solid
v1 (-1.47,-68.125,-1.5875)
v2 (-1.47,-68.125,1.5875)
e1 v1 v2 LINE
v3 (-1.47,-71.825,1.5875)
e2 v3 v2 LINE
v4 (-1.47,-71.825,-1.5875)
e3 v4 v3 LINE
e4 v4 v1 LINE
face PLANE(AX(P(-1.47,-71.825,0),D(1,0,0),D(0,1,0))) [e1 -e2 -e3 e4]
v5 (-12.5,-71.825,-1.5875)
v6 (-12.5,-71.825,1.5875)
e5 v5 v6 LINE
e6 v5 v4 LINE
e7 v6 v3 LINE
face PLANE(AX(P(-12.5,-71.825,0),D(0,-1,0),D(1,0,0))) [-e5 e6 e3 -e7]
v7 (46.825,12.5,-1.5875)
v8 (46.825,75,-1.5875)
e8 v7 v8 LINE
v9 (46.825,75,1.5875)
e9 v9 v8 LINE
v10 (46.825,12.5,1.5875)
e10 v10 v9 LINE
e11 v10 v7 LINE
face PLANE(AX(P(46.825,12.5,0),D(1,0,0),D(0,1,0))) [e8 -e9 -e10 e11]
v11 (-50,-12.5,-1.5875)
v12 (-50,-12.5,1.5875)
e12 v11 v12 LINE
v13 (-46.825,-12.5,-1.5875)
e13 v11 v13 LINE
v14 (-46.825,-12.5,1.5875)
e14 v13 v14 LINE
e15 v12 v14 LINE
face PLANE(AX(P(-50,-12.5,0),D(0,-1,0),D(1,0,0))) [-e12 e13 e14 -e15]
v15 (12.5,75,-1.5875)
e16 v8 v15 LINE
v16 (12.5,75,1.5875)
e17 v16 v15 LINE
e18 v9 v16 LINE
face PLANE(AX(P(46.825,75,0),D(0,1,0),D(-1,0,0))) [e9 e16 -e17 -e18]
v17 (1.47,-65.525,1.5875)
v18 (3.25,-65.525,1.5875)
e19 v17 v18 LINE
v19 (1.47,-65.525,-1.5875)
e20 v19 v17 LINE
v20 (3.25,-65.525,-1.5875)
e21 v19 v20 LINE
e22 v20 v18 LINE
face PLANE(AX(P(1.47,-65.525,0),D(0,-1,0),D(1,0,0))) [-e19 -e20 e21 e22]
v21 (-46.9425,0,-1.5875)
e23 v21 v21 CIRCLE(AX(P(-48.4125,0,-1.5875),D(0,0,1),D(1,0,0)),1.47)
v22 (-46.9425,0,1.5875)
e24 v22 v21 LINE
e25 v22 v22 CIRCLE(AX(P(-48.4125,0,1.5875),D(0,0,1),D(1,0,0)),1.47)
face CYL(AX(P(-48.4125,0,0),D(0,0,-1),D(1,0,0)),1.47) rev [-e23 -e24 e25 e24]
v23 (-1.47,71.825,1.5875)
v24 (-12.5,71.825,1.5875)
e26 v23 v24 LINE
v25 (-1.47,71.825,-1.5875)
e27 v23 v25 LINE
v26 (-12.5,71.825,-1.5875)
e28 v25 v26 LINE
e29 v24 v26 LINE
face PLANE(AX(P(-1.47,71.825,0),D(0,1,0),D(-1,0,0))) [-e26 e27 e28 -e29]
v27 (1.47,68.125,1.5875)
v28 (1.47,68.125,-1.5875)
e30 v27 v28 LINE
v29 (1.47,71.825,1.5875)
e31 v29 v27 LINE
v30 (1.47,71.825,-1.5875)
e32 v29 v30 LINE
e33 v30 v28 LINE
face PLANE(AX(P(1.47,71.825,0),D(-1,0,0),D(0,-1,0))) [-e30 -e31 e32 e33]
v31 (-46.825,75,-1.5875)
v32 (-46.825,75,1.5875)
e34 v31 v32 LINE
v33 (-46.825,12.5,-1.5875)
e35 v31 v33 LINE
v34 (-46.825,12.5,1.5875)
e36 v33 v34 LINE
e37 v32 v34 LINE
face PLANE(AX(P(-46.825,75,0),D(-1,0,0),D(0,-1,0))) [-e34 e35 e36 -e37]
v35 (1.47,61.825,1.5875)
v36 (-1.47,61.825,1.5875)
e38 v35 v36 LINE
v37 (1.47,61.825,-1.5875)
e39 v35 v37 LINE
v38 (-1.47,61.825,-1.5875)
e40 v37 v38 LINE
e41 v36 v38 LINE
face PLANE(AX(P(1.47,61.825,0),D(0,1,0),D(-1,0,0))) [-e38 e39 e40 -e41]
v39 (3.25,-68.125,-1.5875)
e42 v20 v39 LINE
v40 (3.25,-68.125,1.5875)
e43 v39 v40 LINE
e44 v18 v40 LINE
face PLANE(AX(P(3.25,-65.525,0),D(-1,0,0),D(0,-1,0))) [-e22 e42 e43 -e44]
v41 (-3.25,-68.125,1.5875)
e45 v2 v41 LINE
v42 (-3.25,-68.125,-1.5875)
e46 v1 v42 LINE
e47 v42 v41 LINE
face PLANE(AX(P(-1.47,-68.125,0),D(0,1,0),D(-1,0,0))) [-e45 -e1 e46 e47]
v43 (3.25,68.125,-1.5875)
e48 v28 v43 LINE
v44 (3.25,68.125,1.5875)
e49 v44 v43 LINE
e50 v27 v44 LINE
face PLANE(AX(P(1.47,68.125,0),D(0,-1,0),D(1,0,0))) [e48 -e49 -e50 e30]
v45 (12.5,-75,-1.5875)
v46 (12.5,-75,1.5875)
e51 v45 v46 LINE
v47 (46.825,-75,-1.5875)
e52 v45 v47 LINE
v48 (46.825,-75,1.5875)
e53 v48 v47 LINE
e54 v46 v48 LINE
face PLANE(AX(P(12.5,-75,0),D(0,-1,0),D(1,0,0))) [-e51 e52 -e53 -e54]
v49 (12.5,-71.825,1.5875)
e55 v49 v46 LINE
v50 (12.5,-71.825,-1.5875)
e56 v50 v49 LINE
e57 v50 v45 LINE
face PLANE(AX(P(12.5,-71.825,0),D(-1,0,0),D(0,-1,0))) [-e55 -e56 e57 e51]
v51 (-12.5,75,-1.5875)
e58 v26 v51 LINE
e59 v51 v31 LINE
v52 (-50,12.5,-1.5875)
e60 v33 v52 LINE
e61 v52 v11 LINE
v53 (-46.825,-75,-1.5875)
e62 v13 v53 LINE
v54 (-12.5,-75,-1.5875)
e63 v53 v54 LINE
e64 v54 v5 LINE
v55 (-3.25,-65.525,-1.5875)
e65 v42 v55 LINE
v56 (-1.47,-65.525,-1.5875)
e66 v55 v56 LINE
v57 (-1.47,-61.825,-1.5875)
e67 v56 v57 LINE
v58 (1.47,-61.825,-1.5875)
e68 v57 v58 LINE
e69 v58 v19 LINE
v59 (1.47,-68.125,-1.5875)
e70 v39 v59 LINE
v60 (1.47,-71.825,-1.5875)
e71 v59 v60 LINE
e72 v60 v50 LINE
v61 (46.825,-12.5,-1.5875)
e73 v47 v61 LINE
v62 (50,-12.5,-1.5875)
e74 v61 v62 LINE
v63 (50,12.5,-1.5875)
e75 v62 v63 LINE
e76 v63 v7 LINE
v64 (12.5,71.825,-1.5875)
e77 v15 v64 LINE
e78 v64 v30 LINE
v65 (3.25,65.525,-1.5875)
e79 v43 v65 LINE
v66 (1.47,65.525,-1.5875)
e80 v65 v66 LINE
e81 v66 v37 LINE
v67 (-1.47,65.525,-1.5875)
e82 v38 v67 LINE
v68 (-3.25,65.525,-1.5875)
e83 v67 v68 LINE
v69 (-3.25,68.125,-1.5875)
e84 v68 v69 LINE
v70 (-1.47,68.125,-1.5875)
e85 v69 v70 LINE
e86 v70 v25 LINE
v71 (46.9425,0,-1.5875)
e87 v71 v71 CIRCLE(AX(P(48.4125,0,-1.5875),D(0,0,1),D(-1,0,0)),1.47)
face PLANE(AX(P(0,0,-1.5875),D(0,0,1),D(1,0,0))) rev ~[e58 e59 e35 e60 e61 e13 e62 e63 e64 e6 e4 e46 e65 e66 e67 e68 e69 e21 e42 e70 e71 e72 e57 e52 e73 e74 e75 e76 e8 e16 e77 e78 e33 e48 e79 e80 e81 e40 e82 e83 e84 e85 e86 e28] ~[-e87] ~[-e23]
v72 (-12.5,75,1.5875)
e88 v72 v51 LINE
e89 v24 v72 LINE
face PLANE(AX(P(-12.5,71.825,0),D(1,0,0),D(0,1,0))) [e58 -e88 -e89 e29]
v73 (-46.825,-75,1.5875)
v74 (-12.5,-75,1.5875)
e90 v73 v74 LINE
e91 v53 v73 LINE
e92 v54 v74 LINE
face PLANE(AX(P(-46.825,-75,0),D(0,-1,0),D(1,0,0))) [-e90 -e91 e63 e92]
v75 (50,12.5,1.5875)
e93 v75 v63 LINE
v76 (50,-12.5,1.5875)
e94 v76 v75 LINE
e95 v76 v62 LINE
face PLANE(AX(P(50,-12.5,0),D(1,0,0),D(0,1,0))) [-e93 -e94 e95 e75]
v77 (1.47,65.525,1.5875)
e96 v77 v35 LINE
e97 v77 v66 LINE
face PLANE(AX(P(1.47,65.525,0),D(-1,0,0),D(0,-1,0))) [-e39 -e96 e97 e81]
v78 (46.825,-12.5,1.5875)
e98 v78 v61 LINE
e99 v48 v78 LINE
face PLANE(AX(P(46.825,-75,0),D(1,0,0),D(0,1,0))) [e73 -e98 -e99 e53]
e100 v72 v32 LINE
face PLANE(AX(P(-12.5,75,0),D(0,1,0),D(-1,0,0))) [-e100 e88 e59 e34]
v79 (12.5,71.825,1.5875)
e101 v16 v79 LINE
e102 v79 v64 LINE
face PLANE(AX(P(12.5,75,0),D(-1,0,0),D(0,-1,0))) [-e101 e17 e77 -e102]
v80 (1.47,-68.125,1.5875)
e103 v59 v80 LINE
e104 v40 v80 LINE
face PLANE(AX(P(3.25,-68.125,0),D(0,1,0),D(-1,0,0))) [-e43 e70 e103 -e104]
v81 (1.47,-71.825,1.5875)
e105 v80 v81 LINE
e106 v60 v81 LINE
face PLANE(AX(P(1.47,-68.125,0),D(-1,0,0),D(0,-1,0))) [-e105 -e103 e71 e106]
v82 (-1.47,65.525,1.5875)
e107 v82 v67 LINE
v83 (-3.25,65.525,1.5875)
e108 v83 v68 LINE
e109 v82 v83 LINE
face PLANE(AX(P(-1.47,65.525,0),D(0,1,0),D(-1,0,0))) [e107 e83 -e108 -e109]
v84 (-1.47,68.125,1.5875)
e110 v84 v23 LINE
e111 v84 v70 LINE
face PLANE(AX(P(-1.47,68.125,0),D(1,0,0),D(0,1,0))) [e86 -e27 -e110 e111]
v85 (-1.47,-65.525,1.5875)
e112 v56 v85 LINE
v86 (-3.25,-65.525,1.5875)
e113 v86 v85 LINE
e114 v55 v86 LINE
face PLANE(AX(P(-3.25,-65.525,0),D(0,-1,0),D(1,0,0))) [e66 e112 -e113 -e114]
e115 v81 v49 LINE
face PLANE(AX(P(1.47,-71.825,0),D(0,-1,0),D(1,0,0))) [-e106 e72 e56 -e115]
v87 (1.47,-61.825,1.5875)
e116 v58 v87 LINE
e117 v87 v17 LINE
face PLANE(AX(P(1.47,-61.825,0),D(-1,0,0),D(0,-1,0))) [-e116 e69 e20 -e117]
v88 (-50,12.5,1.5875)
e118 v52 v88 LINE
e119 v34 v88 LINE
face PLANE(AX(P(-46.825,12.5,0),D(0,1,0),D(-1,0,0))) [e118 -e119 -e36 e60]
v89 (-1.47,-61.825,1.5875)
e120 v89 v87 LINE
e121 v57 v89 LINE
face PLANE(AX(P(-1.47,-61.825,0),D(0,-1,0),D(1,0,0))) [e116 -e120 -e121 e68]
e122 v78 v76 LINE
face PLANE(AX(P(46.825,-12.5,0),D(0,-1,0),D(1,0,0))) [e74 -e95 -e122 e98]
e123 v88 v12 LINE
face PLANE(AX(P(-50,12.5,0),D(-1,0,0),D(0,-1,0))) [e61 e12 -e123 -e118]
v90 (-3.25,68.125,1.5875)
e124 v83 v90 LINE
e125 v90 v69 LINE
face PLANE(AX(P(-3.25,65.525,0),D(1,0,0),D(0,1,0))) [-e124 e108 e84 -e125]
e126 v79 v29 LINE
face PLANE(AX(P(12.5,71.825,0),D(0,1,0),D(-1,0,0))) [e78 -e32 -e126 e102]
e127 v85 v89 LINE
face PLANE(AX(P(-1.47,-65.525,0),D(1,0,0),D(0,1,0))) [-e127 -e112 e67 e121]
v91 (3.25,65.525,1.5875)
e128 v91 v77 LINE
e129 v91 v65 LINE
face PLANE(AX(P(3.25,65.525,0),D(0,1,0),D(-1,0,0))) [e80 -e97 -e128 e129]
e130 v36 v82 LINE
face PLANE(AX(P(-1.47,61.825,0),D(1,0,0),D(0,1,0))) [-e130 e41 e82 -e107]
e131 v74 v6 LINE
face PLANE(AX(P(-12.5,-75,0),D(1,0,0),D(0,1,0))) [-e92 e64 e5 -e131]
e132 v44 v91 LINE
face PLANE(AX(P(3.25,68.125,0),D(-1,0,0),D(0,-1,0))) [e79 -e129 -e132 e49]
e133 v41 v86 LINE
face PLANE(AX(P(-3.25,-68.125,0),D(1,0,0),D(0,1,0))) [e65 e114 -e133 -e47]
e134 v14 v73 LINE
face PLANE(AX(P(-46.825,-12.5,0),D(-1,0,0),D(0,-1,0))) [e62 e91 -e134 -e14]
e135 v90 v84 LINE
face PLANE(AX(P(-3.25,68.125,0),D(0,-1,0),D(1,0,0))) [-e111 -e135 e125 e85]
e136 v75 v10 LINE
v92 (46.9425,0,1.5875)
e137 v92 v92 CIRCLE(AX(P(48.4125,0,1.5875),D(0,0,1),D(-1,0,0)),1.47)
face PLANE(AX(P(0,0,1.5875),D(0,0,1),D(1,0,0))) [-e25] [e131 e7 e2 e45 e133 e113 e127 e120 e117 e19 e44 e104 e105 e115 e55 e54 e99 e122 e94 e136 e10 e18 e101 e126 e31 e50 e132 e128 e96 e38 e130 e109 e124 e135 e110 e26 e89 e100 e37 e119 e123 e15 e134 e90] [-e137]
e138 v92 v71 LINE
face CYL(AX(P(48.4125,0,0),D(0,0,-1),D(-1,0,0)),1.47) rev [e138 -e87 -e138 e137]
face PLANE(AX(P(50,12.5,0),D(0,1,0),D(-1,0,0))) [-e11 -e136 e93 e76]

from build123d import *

# Parameters (mm, degrees)
SKETCH1_R           = 1.47
BOSS_EXTRUDE1_DEPTH = 1.5875


with BuildPart() as part:
    # Sketch1 → Boss-Extrude1 (new, symmetric)
    with BuildSketch(Plane.XY):
        Polygon((-12.5, 75), (-46.825, 75), (-46.825, 12.5), (-50, 12.5), (-50, -12.5), (-46.825, -12.5), (-46.825, -75), (-12.5, -75), (-12.5, -71.825), (-1.47, -71.825), (-1.47, -68.125), (-3.25, -68.125), (-3.25, -65.525), (-1.47, -65.525), (-1.47, -61.825), (1.47, -61.825), (1.47, -65.525), (3.25, -65.525), (3.25, -68.125), (1.47, -68.125), (1.47, -71.825), (12.5, -71.825), (12.5, -75), (46.825, -75), (46.825, -12.5), (50, -12.5), (50, 12.5), (46.825, 12.5), (46.825, 75), (12.5, 75), (12.5, 71.825), (1.47, 71.825), (1.47, 68.125), (3.25, 68.125), (3.25, 65.525), (1.47, 65.525), (1.47, 61.825), (-1.47, 61.825), (-1.47, 65.525), (-3.25, 65.525), (-3.25, 68.125), (-1.47, 68.125), (-1.47, 71.825), (-12.5, 71.825), align=None)
        with Locations((-48.4125, 0)):
            Circle(SKETCH1_R, mode=Mode.SUBTRACT)
        with Locations(Location((48.4125, 0, 0), (0, 0, 180))):
            Circle(SKETCH1_R, mode=Mode.SUBTRACT)
    extrude(amount=BOSS_EXTRUDE1_DEPTH, both=True)


solid = part.part
